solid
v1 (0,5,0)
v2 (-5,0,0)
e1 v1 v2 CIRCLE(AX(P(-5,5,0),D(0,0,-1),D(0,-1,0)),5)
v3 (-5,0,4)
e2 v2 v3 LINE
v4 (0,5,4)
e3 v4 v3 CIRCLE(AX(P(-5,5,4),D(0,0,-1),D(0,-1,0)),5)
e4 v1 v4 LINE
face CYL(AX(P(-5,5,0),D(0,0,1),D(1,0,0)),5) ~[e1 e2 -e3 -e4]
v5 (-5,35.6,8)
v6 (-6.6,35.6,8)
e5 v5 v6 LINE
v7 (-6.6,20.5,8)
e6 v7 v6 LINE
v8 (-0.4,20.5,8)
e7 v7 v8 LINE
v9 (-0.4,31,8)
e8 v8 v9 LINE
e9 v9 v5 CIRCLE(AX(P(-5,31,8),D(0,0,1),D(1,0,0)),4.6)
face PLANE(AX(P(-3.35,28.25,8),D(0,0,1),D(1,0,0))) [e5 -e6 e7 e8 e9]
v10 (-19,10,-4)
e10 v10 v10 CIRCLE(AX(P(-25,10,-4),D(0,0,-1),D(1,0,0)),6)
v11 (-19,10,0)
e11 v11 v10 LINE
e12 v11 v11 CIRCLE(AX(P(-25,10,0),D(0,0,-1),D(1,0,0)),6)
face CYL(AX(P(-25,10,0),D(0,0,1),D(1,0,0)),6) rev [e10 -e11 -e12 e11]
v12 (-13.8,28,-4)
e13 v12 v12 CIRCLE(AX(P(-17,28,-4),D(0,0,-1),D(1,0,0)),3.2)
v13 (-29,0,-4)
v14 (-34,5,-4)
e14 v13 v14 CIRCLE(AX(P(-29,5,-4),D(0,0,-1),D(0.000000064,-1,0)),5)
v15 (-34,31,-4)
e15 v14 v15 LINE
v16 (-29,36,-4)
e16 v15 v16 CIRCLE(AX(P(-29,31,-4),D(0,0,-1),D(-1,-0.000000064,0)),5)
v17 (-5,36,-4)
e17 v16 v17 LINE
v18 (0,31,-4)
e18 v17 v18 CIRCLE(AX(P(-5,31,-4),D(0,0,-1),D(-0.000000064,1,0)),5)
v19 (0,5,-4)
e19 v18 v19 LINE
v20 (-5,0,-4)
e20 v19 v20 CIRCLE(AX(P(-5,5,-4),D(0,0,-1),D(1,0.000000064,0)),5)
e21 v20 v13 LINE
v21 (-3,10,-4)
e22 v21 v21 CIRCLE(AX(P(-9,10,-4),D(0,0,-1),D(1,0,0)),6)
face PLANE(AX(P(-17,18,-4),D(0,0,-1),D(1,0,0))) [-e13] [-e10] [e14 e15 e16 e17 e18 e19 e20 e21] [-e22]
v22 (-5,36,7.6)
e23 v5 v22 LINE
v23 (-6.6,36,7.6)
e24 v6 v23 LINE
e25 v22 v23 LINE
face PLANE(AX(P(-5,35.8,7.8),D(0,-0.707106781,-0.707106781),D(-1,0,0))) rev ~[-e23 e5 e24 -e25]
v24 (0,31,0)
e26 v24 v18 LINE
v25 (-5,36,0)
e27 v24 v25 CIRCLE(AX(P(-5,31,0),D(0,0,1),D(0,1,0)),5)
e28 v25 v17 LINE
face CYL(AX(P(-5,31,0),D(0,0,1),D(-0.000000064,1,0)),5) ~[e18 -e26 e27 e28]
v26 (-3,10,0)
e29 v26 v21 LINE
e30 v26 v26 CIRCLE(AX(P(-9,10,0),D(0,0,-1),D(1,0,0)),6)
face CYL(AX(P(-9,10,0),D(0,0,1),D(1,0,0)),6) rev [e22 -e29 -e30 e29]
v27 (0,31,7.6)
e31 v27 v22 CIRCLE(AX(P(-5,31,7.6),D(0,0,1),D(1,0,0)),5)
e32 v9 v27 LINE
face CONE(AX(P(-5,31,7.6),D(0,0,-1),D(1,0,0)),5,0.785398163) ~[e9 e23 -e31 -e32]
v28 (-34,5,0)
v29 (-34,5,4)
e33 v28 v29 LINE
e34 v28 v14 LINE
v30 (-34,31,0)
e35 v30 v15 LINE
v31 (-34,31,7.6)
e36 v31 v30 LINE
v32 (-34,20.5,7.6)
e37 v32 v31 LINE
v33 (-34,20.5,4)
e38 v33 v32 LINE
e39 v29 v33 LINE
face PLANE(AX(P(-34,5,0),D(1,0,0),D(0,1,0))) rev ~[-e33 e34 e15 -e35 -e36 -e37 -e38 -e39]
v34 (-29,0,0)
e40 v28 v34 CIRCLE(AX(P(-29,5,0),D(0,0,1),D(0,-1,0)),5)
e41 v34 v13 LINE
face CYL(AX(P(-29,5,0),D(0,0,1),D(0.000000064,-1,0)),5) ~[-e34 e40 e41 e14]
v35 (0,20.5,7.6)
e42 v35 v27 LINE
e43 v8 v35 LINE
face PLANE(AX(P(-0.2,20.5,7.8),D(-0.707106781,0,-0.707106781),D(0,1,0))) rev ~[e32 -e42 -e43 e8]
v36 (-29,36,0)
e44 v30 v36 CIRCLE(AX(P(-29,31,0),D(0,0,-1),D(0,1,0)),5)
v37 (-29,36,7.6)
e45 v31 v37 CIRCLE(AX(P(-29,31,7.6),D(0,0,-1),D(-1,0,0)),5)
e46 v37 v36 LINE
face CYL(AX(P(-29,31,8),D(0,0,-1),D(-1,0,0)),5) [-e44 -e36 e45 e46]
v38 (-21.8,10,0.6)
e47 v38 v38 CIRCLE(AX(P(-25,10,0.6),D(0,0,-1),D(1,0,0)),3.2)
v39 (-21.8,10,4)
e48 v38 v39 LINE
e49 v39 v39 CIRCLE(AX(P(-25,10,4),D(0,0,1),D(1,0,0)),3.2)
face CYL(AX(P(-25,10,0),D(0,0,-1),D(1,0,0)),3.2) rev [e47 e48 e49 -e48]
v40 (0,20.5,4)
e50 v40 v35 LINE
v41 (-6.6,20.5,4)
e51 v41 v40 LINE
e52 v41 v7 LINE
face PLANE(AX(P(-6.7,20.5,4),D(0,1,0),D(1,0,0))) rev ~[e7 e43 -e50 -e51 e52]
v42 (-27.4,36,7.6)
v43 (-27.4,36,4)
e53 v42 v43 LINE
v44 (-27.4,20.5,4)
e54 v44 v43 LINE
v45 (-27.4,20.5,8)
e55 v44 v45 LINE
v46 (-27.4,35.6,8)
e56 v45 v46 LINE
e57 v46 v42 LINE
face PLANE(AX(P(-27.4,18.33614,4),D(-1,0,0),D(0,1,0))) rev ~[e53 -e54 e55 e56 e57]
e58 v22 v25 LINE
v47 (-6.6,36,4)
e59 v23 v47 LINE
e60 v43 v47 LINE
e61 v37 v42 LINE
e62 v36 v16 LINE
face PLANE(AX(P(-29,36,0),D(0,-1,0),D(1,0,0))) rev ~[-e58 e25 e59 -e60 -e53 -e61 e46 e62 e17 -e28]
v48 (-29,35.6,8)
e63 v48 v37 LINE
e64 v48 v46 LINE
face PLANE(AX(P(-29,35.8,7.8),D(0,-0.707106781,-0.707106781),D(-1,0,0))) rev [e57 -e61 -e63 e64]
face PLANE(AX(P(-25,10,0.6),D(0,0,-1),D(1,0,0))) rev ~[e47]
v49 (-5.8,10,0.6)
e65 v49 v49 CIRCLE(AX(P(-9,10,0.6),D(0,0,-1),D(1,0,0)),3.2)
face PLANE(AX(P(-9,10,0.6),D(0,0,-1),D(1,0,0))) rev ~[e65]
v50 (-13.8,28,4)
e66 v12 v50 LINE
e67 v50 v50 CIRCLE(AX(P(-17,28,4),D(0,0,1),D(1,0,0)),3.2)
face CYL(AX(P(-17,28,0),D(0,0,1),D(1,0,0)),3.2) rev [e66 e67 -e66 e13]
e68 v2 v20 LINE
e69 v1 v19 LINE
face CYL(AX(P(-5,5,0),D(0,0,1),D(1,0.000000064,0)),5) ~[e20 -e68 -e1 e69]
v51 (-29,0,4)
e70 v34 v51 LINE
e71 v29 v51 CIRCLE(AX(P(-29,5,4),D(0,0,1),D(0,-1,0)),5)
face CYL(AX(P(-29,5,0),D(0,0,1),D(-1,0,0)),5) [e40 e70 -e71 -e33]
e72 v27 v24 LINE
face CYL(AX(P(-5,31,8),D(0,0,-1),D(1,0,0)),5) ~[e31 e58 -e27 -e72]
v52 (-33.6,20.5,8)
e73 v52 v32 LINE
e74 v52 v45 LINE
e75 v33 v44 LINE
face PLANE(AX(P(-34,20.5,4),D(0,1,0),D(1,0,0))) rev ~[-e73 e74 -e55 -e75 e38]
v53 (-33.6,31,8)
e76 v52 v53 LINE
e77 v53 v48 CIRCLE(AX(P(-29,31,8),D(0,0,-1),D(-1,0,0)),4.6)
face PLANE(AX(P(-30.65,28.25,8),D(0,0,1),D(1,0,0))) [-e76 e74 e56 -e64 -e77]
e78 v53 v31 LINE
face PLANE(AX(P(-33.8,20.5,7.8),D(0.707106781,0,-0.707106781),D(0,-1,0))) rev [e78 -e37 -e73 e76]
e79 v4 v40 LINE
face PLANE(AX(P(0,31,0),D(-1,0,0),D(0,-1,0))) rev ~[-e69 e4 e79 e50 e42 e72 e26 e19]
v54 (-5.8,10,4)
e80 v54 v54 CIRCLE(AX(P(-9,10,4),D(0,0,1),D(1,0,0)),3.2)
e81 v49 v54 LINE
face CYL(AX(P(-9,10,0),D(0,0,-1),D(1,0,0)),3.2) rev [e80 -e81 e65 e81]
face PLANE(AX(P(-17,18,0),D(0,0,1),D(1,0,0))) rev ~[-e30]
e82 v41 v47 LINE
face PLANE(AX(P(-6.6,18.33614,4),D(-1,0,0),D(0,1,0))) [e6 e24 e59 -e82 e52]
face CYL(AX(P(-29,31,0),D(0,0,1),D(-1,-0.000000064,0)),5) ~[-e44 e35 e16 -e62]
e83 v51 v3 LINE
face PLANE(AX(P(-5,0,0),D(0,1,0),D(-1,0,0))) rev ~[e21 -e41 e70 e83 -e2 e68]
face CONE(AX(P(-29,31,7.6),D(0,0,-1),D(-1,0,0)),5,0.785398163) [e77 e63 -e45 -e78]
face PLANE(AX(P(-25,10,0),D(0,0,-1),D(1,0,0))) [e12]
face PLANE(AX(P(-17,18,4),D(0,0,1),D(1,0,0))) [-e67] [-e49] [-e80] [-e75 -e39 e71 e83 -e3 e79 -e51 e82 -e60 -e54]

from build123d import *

# Parameters (mm, degrees)
SKETCH_W      = 34
SKETCH_H      = 36
SKETCH_R      = 3.2
PAD_DEPTH     = 4
SKETCH001_W   = 6.7
SKETCH001_H   = 15.5
PAD001_DEPTH  = 4
FILLET_R      = 5
SKETCH002_R   = 3.2
SKETCH002_R_2 = 6
PAD002_DEPTH  = 4
SKETCH003_R   = 3.2
PAD003_DEPTH  = 0.6
SKETCH004_W   = 20.8
SKETCH004_H   = 19.619243
POCKET_DEPTH  = 4
CHAMFER_SIZE  = 0.4


with BuildPart() as part:
    # Sketch → Pad (new body)
    with BuildSketch(Plane.XY):
        with Locations((-17, 18)):
            Rectangle(SKETCH_W, SKETCH_H)
        with Locations((-17, 28)):
            Circle(SKETCH_R, mode=Mode.SUBTRACT)
        with Locations((-25, 10)):
            Circle(SKETCH_R, mode=Mode.SUBTRACT)
        with Locations((-9, 10)):
            Circle(SKETCH_R, mode=Mode.SUBTRACT)
    extrude(amount=PAD_DEPTH)

    # Sketch001 → Pad001 (new body)
    with BuildSketch(Plane.XY.offset(4)):
        with Locations((-30.65, 28.25)):
            Rectangle(SKETCH001_W, SKETCH001_H)
        with Locations((-3.35, 28.25)):
            Rectangle(SKETCH001_W, SKETCH001_H)
    extrude(amount=PAD001_DEPTH)

    # Fillet
    fillet_edges = [part.edges().sort_by_distance(p)[0] for p in [
        (-34, 0, 2),
        (0, 0, 2),
        (0, 36, 2),
        (0, 36, 6),
        (-34, 36, 6),
        (-34, 36, 2),
    ]]
    fillet(fillet_edges, radius=FILLET_R)

    # Sketch002 → Pad002 (new body)
    with BuildSketch(Plane(origin=(0, 0, 0), x_dir=(1, 0, 0), z_dir=(0, 0, -1))):
        with BuildLine():
            Line((-5, 0), (-29, 0))
            ThreePointArc((-29, 0), (-32.535534, -1.464466), (-34, -5))
            Line((-34, -5), (-34, -31))
            ThreePointArc((-34, -31), (-32.535534, -34.535534), (-29, -36))
            Line((-29, -36), (-5, -36))
            ThreePointArc((-5, -36), (-1.464466, -34.535534), (0, -31))
            Line((0, -31), (0, -5))
            ThreePointArc((0, -5), (-1.464466, -1.464466), (-5, 0))
        make_face()
        with Locations((-17, -28)):
            Circle(SKETCH002_R, mode=Mode.SUBTRACT)
        with Locations((-25, -10)):
            Circle(SKETCH002_R_2, mode=Mode.SUBTRACT)
        with Locations((-9, -10)):
            Circle(SKETCH002_R_2, mode=Mode.SUBTRACT)
    extrude(amount=PAD002_DEPTH)

    # Sketch003 → Pad003 (new body)
    with BuildSketch(Plane(origin=(0, 0, 0), x_dir=(1, 0, 0), z_dir=(0, 0, -1))):
        with Locations((-25, -10)):
            Circle(SKETCH003_R)
        with Locations((-9, -10)):
            Circle(SKETCH003_R)
    extrude(amount=-PAD003_DEPTH)

    # Sketch004 → Pocket (cut)
    with BuildSketch(Plane.XY.offset(4)):
        with Locations((-17, 28.145761)):
            Rectangle(SKETCH004_W, SKETCH004_H)
    extrude(amount=POCKET_DEPTH, mode=Mode.SUBTRACT)

    # Chamfer
    chamfer_edges = [part.edges().sort_by_distance(p)[0] for p in [
        (0, 25.75, 8),
        (-1.464466, 34.535534, 8),
        (-5.8, 36, 8),
        (-28.2, 36, 8),
        (-32.535534, 34.535534, 8),
        (-34, 25.75, 8),
    ]]
    chamfer(chamfer_edges, length=CHAMFER_SIZE)


solid = part.part
